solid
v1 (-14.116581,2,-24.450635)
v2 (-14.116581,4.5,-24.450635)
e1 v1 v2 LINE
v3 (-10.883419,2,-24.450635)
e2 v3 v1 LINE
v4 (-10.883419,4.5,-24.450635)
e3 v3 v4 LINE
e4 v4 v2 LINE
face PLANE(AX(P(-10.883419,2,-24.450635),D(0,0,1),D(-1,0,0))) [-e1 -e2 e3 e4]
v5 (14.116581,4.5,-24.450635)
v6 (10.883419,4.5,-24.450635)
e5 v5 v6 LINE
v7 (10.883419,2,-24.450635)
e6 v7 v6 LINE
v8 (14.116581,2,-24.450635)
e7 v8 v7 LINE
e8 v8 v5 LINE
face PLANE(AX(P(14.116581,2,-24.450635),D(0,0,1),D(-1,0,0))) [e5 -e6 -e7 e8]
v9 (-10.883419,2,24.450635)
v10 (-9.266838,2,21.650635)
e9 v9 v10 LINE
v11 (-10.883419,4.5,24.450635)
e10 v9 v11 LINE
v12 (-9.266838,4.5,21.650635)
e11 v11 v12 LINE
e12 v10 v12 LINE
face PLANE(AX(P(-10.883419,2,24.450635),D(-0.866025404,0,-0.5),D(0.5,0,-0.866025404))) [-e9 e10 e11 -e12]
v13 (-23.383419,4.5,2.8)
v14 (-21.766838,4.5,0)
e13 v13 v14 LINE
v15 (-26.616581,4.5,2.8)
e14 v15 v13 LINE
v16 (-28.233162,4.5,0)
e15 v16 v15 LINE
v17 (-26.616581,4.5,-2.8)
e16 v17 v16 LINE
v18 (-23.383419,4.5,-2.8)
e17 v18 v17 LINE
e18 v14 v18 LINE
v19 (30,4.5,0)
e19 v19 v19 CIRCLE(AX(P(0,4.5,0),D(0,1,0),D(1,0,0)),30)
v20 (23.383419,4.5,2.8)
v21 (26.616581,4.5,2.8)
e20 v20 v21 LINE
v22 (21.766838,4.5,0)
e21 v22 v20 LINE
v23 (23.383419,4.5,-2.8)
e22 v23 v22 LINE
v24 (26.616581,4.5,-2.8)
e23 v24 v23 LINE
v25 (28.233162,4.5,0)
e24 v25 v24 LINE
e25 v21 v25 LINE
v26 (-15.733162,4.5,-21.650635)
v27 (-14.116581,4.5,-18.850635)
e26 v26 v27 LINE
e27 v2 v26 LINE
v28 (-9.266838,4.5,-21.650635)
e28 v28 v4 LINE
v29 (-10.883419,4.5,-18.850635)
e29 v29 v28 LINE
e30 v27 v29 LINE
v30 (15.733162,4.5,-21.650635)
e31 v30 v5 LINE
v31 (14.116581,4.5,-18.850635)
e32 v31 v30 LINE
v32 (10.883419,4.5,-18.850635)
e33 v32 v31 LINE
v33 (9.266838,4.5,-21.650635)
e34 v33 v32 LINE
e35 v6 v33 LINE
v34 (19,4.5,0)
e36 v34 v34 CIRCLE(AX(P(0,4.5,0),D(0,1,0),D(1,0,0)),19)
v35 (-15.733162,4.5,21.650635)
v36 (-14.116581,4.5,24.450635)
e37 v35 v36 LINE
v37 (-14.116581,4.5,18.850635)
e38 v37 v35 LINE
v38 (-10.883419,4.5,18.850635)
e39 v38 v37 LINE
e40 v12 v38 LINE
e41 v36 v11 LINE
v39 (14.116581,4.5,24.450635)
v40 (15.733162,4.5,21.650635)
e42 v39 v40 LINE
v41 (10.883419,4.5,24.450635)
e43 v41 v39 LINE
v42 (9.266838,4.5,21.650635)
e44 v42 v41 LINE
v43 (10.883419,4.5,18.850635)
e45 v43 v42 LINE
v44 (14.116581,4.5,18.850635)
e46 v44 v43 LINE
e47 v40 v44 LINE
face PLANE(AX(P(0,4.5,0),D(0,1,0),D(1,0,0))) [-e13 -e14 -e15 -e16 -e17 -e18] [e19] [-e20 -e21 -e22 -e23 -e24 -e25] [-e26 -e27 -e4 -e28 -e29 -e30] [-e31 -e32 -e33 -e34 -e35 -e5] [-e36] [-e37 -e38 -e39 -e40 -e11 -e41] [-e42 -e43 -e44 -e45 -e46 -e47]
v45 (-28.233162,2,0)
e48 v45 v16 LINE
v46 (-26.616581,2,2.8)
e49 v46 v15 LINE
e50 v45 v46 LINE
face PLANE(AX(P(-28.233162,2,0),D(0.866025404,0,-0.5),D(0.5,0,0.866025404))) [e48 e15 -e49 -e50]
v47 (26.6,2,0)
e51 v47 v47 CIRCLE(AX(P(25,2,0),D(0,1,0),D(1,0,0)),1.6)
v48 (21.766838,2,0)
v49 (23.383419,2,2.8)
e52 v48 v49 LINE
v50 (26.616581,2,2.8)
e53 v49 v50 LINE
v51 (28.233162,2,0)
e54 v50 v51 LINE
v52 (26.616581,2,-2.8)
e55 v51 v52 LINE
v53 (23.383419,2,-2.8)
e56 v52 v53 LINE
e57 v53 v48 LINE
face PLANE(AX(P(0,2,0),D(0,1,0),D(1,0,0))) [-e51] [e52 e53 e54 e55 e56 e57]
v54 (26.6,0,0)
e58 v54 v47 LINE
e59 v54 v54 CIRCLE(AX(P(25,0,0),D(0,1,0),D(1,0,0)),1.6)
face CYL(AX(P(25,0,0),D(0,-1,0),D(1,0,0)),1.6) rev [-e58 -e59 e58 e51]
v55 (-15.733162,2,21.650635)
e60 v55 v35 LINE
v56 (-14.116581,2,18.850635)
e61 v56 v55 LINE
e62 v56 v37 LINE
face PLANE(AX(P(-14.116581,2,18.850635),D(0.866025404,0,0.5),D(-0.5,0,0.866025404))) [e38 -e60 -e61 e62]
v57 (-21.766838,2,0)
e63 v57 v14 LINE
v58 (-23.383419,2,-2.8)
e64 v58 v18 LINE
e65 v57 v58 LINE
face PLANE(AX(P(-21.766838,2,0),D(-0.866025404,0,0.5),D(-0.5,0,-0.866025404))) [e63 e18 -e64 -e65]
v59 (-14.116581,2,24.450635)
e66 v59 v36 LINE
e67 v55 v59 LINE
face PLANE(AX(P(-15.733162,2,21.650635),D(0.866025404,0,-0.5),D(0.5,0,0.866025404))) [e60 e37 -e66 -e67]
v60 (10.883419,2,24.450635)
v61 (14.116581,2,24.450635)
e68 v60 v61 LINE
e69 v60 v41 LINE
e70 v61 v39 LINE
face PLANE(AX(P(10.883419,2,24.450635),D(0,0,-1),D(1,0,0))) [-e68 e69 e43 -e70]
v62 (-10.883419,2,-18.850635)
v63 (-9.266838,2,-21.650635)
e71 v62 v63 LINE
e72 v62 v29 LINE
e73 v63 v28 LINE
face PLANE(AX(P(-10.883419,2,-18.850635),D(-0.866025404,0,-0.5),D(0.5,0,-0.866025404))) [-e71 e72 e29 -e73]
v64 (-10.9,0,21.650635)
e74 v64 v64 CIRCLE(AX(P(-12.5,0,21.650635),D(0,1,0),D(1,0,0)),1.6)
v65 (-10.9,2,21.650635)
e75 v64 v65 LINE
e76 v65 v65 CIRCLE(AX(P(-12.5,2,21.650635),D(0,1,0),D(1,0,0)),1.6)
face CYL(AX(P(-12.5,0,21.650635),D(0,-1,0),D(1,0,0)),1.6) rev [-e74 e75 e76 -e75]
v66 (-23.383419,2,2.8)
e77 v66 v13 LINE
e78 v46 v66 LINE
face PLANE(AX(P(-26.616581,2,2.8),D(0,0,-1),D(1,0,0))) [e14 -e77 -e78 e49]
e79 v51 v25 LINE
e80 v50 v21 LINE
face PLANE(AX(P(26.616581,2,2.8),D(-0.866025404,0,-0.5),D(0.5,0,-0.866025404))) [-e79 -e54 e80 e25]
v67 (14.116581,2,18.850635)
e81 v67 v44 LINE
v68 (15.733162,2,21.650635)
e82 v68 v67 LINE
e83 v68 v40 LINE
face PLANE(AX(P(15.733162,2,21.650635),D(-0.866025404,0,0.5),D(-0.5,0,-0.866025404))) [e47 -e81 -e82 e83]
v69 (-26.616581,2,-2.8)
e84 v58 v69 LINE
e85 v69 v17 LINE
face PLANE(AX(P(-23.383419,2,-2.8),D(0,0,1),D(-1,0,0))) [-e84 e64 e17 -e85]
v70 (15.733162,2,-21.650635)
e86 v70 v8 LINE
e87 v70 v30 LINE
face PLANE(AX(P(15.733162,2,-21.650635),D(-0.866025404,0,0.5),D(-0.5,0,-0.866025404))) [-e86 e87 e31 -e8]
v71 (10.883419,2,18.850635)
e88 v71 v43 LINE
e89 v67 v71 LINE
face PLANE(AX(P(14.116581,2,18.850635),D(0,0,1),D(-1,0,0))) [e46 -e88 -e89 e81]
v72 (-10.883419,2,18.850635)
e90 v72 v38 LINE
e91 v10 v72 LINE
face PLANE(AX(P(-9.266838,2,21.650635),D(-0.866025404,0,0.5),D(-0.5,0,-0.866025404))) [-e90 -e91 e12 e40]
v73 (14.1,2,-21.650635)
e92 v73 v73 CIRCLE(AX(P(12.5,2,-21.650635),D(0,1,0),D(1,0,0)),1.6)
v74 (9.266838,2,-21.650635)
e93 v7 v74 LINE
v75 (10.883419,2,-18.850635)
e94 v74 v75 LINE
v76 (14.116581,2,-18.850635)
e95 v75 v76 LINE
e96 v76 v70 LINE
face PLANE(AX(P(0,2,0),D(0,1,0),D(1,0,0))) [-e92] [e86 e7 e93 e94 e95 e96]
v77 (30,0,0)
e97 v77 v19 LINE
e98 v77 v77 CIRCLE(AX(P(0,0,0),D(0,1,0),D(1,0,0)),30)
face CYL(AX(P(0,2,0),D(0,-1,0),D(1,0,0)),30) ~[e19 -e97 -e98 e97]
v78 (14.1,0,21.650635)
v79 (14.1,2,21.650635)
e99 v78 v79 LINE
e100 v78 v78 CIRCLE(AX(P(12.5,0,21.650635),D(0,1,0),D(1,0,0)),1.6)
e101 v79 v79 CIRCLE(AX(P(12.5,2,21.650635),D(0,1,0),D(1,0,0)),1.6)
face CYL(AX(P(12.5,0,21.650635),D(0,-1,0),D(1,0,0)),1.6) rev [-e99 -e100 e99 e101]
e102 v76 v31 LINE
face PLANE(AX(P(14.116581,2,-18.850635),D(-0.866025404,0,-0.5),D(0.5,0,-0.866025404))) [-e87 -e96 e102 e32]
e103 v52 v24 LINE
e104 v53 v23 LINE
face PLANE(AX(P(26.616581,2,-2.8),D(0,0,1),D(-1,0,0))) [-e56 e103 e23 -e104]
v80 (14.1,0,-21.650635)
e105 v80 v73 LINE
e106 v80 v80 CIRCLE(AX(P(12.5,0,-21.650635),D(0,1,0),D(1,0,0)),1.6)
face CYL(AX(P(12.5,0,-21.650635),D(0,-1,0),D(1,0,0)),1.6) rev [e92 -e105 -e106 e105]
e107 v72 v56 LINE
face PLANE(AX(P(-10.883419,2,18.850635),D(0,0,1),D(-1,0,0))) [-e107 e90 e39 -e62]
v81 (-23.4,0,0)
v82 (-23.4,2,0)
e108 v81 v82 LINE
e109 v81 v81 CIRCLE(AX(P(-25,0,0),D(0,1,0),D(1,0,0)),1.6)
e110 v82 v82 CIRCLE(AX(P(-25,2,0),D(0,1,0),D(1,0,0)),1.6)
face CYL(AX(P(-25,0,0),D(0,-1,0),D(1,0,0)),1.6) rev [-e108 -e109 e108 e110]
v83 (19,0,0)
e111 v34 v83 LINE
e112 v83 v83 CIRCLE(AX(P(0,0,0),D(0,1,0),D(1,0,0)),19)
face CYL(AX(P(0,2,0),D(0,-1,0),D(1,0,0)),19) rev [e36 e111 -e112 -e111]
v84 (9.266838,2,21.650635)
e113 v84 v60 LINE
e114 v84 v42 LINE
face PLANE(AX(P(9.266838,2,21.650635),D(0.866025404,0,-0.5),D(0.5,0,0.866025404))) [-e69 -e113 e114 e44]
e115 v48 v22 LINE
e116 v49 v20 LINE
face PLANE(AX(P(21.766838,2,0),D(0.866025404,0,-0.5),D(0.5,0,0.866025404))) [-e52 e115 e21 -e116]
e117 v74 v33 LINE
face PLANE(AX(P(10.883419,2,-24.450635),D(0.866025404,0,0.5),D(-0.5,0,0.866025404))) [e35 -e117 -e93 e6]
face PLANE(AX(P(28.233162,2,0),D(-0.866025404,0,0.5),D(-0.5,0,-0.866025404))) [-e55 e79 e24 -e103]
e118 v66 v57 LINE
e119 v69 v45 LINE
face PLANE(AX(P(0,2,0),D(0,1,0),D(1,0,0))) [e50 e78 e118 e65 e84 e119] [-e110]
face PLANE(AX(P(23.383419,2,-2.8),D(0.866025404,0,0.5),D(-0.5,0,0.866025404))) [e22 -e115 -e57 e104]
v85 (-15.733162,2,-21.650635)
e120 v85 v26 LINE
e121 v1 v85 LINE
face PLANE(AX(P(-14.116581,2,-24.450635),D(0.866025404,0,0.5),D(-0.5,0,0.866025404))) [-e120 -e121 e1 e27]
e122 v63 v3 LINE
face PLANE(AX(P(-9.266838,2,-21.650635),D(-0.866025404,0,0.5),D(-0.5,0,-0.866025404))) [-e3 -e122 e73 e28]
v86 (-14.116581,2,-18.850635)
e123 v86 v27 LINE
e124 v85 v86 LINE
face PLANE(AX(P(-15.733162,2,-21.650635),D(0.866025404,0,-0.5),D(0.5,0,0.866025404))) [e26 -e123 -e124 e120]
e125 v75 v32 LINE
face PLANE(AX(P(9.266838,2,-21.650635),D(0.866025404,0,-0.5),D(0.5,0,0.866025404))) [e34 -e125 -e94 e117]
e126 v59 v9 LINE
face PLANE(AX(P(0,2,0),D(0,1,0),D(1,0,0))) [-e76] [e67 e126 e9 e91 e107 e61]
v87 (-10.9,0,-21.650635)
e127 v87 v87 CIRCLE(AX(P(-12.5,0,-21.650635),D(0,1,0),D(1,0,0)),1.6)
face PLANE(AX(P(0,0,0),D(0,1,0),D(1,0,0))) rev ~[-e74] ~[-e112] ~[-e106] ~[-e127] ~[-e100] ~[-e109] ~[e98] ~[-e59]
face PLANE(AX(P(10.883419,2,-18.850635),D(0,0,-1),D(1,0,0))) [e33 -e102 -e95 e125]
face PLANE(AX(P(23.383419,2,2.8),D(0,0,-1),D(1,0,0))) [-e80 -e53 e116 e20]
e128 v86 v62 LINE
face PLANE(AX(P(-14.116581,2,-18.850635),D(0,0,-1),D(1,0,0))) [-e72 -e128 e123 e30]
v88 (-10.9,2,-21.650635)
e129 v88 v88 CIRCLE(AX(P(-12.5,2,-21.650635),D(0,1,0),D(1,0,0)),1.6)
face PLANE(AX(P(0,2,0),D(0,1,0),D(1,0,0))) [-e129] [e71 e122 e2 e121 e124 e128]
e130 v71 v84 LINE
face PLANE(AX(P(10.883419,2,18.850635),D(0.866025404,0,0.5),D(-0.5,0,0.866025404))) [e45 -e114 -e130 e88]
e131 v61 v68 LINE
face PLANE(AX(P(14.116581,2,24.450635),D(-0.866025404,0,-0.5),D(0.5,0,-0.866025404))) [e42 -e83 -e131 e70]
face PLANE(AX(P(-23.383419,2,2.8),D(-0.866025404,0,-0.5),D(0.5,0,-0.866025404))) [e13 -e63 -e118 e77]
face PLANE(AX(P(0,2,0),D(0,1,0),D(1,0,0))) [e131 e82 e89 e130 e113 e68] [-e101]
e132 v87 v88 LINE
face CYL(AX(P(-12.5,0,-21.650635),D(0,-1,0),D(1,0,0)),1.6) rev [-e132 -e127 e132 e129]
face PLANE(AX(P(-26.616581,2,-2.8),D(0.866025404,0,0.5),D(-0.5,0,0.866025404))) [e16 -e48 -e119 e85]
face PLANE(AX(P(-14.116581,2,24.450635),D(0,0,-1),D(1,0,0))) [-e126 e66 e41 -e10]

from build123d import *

# Parameters (mm, degrees)
SKETCH1_R           = 30
SKETCH1_R_2         = 19
SKETCH1_R_3         = 1.6
BOSS_EXTRUDE1_DEPTH = 2
SKETCH2_R           = 30
SKETCH2_R_2         = 19
BOSS_EXTRUDE3_DEPTH = 2.5


with BuildPart() as part:
    # Sketch1 → Boss-Extrude1 (new body)
    with BuildSketch(Plane(origin=(0, 0, 0), x_dir=(1, 0, 0), z_dir=(0, 1, 0))):
        Circle(SKETCH1_R)
        Circle(SKETCH1_R_2, mode=Mode.SUBTRACT)
        with Locations((25, 0)):
            Circle(SKETCH1_R_3, mode=Mode.SUBTRACT)
        with Locations((12.5, -21.650635095)):
            Circle(SKETCH1_R_3, mode=Mode.SUBTRACT)
        with Locations((-12.5, -21.650635095)):
            Circle(SKETCH1_R_3, mode=Mode.SUBTRACT)
        with Locations((-25, 0)):
            Circle(SKETCH1_R_3, mode=Mode.SUBTRACT)
        with Locations((-12.5, 21.650635095)):
            Circle(SKETCH1_R_3, mode=Mode.SUBTRACT)
        with Locations((12.5, 21.650635095)):
            Circle(SKETCH1_R_3, mode=Mode.SUBTRACT)
    extrude(amount=BOSS_EXTRUDE1_DEPTH)

    # Sketch2 → Boss-Extrude3 (add)
    with BuildSketch(Plane(origin=(0, 2, 0), x_dir=(1, 0, 0), z_dir=(0, 1, 0))):
        Circle(SKETCH2_R)
        Circle(SKETCH2_R_2, mode=Mode.SUBTRACT)
        Polygon((14.116580754, -24.450635095), (15.733161507, -21.650635095), (14.116580754, -18.850635095), (10.883419246, -18.850635095), (9.266838493, -21.650635095), (10.883419246, -24.450635095), align=None, mode=Mode.SUBTRACT)
        Polygon((28.233161507, 0), (26.616580754, 2.8), (23.383419246, 2.8), (21.766838493, 0), (23.383419246, -2.8), (26.616580754, -2.8), align=None, mode=Mode.SUBTRACT)
        Polygon((-14.116580754, -24.450635095), (-10.883419246, -24.450635095), (-9.266838493, -21.650635095), (-10.883419246, -18.850635095), (-14.116580754, -18.850635095), (-15.733161507, -21.650635095), align=None, mode=Mode.SUBTRACT)
        Polygon((-28.233161507, 0), (-26.616580754, -2.8), (-23.383419246, -2.8), (-21.766838493, 0), (-23.383419246, 2.8), (-26.616580754, 2.8), align=None, mode=Mode.SUBTRACT)
        Polygon((-14.116580754, 24.450635095), (-15.733161507, 21.650635095), (-14.116580754, 18.850635095), (-10.883419246, 18.850635095), (-9.266838493, 21.650635095), (-10.883419246, 24.450635095), align=None, mode=Mode.SUBTRACT)
        Polygon((14.116580754, 24.450635095), (10.883419246, 24.450635095), (9.266838493, 21.650635095), (10.883419246, 18.850635095), (14.116580754, 18.850635095), (15.733161507, 21.650635095), align=None, mode=Mode.SUBTRACT)
    extrude(amount=BOSS_EXTRUDE3_DEPTH)


solid = part.part
